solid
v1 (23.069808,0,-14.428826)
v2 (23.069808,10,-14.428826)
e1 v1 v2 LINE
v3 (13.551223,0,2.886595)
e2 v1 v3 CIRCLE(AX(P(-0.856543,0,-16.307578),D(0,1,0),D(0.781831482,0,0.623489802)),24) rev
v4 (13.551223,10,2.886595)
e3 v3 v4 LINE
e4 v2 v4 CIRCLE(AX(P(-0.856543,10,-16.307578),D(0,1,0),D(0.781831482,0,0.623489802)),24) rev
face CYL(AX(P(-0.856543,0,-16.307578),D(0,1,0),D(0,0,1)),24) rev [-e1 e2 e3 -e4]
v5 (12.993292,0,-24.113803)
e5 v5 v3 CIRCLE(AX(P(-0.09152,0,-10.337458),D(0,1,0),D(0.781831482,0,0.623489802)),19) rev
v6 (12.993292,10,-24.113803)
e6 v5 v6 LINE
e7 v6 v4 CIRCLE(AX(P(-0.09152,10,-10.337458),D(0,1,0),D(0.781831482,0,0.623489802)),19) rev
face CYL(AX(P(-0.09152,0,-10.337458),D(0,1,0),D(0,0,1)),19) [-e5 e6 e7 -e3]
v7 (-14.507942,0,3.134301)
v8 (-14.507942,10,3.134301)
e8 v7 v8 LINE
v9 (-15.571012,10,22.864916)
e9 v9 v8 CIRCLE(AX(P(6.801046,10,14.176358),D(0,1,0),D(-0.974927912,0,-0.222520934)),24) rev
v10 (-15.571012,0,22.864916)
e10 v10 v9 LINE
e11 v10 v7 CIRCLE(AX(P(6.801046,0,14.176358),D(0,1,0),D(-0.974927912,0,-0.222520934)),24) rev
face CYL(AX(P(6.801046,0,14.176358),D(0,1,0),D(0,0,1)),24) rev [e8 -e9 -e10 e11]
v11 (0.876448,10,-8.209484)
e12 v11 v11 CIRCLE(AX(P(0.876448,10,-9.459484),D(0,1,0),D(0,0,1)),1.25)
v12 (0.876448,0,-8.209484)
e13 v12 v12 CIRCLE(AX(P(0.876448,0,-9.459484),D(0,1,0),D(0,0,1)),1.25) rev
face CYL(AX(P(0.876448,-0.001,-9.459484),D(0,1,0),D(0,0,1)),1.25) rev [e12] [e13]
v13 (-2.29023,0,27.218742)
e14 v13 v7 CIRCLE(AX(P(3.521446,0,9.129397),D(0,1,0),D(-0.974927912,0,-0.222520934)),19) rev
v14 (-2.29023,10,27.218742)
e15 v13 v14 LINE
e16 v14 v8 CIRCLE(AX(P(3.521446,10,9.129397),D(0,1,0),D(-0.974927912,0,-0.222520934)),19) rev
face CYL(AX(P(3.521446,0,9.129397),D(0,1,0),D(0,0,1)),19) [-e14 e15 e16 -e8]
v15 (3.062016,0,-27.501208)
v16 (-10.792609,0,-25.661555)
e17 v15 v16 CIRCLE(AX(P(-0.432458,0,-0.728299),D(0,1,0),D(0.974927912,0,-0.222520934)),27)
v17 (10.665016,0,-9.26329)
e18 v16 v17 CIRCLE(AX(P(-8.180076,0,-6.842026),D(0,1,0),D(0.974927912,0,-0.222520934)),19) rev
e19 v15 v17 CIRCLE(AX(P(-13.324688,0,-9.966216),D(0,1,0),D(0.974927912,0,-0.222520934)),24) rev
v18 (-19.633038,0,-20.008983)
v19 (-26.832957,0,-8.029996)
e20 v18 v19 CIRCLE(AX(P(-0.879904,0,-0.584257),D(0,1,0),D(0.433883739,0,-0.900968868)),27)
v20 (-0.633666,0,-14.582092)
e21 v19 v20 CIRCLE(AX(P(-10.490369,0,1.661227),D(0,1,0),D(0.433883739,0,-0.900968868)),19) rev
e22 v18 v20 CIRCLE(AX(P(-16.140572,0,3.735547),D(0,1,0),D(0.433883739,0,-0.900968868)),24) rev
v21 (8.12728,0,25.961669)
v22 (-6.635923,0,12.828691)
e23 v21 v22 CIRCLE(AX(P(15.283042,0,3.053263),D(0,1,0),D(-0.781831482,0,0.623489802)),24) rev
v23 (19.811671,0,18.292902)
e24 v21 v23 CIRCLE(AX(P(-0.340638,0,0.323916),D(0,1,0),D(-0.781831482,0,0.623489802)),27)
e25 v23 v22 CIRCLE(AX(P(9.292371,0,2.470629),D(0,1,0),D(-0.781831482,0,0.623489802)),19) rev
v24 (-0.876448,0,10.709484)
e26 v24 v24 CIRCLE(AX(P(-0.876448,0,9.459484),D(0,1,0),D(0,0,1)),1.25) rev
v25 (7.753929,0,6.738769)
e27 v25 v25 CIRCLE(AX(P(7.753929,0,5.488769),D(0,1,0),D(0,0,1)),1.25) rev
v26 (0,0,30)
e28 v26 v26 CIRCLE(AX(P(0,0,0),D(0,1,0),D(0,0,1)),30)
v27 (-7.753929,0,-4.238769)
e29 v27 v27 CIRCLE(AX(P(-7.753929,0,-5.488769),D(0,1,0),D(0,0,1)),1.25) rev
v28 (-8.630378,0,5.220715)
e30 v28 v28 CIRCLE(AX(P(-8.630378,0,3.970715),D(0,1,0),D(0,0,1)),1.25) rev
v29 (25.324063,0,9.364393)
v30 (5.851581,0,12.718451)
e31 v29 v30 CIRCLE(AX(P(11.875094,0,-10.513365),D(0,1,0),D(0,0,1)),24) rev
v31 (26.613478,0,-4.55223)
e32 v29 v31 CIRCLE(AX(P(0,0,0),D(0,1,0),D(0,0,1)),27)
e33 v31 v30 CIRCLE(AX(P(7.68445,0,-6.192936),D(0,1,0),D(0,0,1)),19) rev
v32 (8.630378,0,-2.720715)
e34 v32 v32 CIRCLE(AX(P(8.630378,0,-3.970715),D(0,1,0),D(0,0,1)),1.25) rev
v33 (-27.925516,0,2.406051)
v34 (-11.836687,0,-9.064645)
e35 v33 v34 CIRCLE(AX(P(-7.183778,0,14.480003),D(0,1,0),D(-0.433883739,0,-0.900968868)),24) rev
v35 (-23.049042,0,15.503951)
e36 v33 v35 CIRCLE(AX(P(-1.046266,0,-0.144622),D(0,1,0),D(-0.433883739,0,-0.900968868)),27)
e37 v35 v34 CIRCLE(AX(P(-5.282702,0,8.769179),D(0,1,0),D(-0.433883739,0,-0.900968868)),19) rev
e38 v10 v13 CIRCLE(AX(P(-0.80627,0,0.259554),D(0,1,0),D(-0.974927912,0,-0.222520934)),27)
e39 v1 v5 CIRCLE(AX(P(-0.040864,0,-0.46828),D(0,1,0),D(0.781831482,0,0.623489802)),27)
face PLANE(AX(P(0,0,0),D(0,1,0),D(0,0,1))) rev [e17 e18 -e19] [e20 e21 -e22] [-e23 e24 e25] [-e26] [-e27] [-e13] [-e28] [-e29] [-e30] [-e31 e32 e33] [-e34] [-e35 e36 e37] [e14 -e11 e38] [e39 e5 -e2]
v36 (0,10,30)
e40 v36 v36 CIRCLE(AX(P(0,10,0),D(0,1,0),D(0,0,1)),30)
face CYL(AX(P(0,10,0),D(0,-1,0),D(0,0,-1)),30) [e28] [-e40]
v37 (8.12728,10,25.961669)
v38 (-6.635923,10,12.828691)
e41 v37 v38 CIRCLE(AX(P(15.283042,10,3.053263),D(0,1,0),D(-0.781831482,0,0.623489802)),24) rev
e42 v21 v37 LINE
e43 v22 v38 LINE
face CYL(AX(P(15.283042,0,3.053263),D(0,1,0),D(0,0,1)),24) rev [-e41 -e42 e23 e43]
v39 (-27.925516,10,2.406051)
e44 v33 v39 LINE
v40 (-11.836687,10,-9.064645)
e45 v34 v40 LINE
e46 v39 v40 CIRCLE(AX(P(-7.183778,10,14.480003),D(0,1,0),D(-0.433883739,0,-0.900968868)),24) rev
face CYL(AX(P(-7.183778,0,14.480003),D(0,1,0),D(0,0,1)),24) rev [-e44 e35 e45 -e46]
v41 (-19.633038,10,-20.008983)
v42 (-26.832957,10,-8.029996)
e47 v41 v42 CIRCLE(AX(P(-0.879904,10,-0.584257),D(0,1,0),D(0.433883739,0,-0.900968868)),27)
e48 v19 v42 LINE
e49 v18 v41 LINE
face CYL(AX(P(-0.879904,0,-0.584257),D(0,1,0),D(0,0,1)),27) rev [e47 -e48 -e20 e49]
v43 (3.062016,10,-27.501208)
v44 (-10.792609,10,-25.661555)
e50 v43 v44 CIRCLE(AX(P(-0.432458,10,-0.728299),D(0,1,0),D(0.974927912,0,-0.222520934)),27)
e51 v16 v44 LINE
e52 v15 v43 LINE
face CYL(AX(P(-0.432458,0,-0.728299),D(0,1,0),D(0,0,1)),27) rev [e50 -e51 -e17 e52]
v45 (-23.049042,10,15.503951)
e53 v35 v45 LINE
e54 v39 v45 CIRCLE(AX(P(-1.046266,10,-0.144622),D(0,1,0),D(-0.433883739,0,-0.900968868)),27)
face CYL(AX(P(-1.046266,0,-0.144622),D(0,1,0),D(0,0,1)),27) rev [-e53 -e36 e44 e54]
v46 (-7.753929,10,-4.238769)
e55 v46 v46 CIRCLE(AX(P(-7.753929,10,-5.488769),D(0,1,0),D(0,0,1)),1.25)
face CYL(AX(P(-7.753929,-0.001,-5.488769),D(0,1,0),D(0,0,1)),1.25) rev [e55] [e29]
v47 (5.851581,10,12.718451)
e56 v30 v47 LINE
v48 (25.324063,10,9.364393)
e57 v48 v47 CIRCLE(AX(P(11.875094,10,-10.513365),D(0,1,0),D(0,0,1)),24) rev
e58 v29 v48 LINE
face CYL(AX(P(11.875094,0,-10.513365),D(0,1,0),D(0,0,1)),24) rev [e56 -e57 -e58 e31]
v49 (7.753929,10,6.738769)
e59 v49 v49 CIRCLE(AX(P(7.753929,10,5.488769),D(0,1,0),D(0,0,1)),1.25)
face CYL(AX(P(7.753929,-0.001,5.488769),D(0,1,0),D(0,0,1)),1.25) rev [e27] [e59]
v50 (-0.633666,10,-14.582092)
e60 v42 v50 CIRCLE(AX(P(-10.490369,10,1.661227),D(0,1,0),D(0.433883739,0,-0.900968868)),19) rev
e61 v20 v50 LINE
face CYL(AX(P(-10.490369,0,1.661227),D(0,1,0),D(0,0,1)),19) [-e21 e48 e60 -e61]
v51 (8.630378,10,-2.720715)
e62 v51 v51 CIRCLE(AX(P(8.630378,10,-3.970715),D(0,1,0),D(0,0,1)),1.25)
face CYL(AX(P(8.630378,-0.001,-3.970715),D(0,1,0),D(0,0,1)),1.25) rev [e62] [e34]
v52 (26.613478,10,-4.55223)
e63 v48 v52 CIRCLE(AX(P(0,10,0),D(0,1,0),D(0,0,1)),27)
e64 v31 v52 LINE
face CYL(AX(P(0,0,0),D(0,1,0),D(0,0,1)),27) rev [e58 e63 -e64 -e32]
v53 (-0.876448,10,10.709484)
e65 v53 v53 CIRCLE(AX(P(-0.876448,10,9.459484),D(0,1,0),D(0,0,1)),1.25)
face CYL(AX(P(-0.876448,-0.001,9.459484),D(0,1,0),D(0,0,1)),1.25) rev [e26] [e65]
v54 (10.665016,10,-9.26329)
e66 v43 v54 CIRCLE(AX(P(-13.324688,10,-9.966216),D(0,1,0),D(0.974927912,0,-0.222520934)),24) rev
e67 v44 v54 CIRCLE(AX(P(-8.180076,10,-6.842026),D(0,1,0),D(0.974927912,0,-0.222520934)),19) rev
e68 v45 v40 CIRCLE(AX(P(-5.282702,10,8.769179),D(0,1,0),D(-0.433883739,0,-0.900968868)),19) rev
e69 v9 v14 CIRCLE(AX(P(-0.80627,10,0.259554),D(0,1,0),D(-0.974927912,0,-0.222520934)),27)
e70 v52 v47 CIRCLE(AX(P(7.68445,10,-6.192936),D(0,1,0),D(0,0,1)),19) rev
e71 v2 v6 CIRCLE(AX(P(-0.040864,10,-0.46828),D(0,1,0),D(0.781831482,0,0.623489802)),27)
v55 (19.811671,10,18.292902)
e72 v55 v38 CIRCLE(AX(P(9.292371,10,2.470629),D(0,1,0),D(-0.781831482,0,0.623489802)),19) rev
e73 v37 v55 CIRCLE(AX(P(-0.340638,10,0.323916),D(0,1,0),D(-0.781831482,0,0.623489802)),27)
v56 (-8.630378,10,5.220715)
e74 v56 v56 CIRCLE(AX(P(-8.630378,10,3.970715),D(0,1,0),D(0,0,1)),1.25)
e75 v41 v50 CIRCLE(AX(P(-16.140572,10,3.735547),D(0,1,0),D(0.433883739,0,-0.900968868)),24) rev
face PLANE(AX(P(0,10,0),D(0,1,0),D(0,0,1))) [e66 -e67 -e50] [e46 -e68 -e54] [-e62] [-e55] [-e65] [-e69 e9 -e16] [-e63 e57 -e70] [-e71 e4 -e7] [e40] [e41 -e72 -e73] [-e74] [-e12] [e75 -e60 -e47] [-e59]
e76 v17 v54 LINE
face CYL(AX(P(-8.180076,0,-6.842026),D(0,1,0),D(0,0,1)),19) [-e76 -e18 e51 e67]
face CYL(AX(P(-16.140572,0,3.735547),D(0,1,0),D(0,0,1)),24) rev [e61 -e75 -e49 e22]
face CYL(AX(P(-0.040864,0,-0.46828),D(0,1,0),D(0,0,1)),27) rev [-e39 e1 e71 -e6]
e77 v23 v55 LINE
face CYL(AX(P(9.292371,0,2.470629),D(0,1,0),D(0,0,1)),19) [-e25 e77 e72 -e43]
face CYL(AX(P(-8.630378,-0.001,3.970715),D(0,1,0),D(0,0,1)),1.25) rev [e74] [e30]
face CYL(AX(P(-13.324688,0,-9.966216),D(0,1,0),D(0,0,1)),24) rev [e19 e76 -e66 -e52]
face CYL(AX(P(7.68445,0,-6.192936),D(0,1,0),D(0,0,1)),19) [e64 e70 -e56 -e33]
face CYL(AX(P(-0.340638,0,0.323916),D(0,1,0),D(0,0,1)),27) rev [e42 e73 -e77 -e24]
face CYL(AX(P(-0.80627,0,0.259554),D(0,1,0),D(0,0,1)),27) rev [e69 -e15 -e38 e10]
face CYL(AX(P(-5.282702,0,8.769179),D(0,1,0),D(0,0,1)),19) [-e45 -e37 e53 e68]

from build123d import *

# Parameters (mm, degrees)
SKETCH1_R           = 30
BOSS_EXTRUDE1_DEPTH = 10
CUT_EXTRUDE1_REACH  = 12
SKETCH2_R           = 1.25
CUT_EXTRUDE4_DEPTH  = 10
CIRPATTERN2_COUNT   = 7


with BuildPart() as part:
    # Sketch1 → Boss-Extrude1 (new body)
    with BuildSketch(Plane(origin=(0, 0, 0), x_dir=(1, 0, 0), z_dir=(0, 1, 0))):
        Circle(SKETCH1_R)
    extrude(amount=BOSS_EXTRUDE1_DEPTH)

    # Sketch2 → Cut-Extrude1 (cut, up to next)
    with BuildSketch(Plane(origin=(0, 10, 0), x_dir=(1, 0, 0), z_dir=(0, 1, 0)), mode=Mode.PRIVATE) as cut_extrude1_sk1:
        with Locations((-7.753929223, 5.488768678)):
            Circle(SKETCH2_R)
    cut_extrude1_tool1 = extrude(cut_extrude1_sk1.sketch, amount=-CUT_EXTRUDE1_REACH, mode=Mode.PRIVATE) & part.part
    add(cut_extrude1_tool1.solids().sort_by_distance((-7.753929, 10, -5.488769))[0], mode=Mode.SUBTRACT)
    # Sketch2 → Cut-Extrude1 (cut, up to next)
    with BuildSketch(Plane(origin=(0, 10, 0), x_dir=(1, 0, 0), z_dir=(0, 1, 0)), mode=Mode.PRIVATE) as cut_extrude1_sk2:
        with Locations((0.876448499, 9.459484025)):
            Circle(SKETCH2_R)
    cut_extrude1_tool2 = extrude(cut_extrude1_sk2.sketch, amount=-CUT_EXTRUDE1_REACH, mode=Mode.PRIVATE) & part.part
    add(cut_extrude1_tool2.solids().sort_by_distance((0.876448, 10, -9.459484))[0], mode=Mode.SUBTRACT)
    # Sketch2 → Cut-Extrude1 (cut, up to next)
    with BuildSketch(Plane(origin=(0, 10, 0), x_dir=(1, 0, 0), z_dir=(0, 1, 0)), mode=Mode.PRIVATE) as cut_extrude1_sk3:
        with Locations((8.630377722, 3.970715347)):
            Circle(SKETCH2_R)
    cut_extrude1_tool3 = extrude(cut_extrude1_sk3.sketch, amount=-CUT_EXTRUDE1_REACH, mode=Mode.PRIVATE) & part.part
    add(cut_extrude1_tool3.solids().sort_by_distance((8.630378, 10, -3.970715))[0], mode=Mode.SUBTRACT)
    # Sketch2 → Cut-Extrude1 (cut, up to next)
    with BuildSketch(Plane(origin=(0, 10, 0), x_dir=(1, 0, 0), z_dir=(0, 1, 0)), mode=Mode.PRIVATE) as cut_extrude1_sk4:
        with Locations((7.753929223, -5.488768678)):
            Circle(SKETCH2_R)
    cut_extrude1_tool4 = extrude(cut_extrude1_sk4.sketch, amount=-CUT_EXTRUDE1_REACH, mode=Mode.PRIVATE) & part.part
    add(cut_extrude1_tool4.solids().sort_by_distance((7.753929, 10, 5.488769))[0], mode=Mode.SUBTRACT)
    # Sketch2 → Cut-Extrude1 (cut, up to next)
    with BuildSketch(Plane(origin=(0, 10, 0), x_dir=(1, 0, 0), z_dir=(0, 1, 0)), mode=Mode.PRIVATE) as cut_extrude1_sk5:
        with Locations((-0.876448499, -9.459484025)):
            Circle(SKETCH2_R)
    cut_extrude1_tool5 = extrude(cut_extrude1_sk5.sketch, amount=-CUT_EXTRUDE1_REACH, mode=Mode.PRIVATE) & part.part
    add(cut_extrude1_tool5.solids().sort_by_distance((-0.876448, 10, 9.459484))[0], mode=Mode.SUBTRACT)
    # Sketch2 → Cut-Extrude1 (cut, up to next)
    with BuildSketch(Plane(origin=(0, 10, 0), x_dir=(1, 0, 0), z_dir=(0, 1, 0)), mode=Mode.PRIVATE) as cut_extrude1_sk6:
        with Locations((-8.630377722, -3.970715347)):
            Circle(SKETCH2_R)
    cut_extrude1_tool6 = extrude(cut_extrude1_sk6.sketch, amount=-CUT_EXTRUDE1_REACH, mode=Mode.PRIVATE) & part.part
    add(cut_extrude1_tool6.solids().sort_by_distance((-8.630378, 10, 3.970715))[0], mode=Mode.SUBTRACT)

    # Sketch6 → Cut-Extrude4 (cut)
    with BuildSketch(Plane(origin=(0, 10, 0), x_dir=(1, 0, 0), z_dir=(0, 1, 0))):
        with BuildLine():
            ThreePointArc((24.68695866, -2.287317978), (16.889428305, -10.428386728), (5.851580512, -12.71845138))
            ThreePointArc((5.851580512, -12.71845138), (15.949007833, -13.13834176), (25.324062707, -9.36439256))
            ThreePointArc((25.324062707, -9.36439256), (26.329710343, -5.978825407), (26.884849336, -2.490958893))
            Line((26.884849336, -2.490958893), (24.68695866, -2.287317978))
        make_face()
        with BuildLine():
            ThreePointArc((26.613477911, 4.552229506), (25.97279828, 1.041593529), (24.68695866, -2.287317978))
            Line((24.68695866, -2.287317978), (26.884849336, -2.490958893))
            ThreePointArc((26.884849336, -2.490958893), (26.979981102, 1.039528618), (26.613477911, 4.552229506))
        make_face()
    cut_extrude4 = extrude(amount=-CUT_EXTRUDE4_DEPTH, mode=Mode.SUBTRACT)

    # CirPattern2: Cut-Extrude4 ×7 about axis
    cirpattern2_axis = Axis((-0.506628383, 0, -0.191712569), (0, 1, 0))
    for i in range(1, CIRPATTERN2_COUNT):
        add(cut_extrude4.rotate(cirpattern2_axis, i * 360 / CIRPATTERN2_COUNT), mode=Mode.SUBTRACT)


solid = part.part
